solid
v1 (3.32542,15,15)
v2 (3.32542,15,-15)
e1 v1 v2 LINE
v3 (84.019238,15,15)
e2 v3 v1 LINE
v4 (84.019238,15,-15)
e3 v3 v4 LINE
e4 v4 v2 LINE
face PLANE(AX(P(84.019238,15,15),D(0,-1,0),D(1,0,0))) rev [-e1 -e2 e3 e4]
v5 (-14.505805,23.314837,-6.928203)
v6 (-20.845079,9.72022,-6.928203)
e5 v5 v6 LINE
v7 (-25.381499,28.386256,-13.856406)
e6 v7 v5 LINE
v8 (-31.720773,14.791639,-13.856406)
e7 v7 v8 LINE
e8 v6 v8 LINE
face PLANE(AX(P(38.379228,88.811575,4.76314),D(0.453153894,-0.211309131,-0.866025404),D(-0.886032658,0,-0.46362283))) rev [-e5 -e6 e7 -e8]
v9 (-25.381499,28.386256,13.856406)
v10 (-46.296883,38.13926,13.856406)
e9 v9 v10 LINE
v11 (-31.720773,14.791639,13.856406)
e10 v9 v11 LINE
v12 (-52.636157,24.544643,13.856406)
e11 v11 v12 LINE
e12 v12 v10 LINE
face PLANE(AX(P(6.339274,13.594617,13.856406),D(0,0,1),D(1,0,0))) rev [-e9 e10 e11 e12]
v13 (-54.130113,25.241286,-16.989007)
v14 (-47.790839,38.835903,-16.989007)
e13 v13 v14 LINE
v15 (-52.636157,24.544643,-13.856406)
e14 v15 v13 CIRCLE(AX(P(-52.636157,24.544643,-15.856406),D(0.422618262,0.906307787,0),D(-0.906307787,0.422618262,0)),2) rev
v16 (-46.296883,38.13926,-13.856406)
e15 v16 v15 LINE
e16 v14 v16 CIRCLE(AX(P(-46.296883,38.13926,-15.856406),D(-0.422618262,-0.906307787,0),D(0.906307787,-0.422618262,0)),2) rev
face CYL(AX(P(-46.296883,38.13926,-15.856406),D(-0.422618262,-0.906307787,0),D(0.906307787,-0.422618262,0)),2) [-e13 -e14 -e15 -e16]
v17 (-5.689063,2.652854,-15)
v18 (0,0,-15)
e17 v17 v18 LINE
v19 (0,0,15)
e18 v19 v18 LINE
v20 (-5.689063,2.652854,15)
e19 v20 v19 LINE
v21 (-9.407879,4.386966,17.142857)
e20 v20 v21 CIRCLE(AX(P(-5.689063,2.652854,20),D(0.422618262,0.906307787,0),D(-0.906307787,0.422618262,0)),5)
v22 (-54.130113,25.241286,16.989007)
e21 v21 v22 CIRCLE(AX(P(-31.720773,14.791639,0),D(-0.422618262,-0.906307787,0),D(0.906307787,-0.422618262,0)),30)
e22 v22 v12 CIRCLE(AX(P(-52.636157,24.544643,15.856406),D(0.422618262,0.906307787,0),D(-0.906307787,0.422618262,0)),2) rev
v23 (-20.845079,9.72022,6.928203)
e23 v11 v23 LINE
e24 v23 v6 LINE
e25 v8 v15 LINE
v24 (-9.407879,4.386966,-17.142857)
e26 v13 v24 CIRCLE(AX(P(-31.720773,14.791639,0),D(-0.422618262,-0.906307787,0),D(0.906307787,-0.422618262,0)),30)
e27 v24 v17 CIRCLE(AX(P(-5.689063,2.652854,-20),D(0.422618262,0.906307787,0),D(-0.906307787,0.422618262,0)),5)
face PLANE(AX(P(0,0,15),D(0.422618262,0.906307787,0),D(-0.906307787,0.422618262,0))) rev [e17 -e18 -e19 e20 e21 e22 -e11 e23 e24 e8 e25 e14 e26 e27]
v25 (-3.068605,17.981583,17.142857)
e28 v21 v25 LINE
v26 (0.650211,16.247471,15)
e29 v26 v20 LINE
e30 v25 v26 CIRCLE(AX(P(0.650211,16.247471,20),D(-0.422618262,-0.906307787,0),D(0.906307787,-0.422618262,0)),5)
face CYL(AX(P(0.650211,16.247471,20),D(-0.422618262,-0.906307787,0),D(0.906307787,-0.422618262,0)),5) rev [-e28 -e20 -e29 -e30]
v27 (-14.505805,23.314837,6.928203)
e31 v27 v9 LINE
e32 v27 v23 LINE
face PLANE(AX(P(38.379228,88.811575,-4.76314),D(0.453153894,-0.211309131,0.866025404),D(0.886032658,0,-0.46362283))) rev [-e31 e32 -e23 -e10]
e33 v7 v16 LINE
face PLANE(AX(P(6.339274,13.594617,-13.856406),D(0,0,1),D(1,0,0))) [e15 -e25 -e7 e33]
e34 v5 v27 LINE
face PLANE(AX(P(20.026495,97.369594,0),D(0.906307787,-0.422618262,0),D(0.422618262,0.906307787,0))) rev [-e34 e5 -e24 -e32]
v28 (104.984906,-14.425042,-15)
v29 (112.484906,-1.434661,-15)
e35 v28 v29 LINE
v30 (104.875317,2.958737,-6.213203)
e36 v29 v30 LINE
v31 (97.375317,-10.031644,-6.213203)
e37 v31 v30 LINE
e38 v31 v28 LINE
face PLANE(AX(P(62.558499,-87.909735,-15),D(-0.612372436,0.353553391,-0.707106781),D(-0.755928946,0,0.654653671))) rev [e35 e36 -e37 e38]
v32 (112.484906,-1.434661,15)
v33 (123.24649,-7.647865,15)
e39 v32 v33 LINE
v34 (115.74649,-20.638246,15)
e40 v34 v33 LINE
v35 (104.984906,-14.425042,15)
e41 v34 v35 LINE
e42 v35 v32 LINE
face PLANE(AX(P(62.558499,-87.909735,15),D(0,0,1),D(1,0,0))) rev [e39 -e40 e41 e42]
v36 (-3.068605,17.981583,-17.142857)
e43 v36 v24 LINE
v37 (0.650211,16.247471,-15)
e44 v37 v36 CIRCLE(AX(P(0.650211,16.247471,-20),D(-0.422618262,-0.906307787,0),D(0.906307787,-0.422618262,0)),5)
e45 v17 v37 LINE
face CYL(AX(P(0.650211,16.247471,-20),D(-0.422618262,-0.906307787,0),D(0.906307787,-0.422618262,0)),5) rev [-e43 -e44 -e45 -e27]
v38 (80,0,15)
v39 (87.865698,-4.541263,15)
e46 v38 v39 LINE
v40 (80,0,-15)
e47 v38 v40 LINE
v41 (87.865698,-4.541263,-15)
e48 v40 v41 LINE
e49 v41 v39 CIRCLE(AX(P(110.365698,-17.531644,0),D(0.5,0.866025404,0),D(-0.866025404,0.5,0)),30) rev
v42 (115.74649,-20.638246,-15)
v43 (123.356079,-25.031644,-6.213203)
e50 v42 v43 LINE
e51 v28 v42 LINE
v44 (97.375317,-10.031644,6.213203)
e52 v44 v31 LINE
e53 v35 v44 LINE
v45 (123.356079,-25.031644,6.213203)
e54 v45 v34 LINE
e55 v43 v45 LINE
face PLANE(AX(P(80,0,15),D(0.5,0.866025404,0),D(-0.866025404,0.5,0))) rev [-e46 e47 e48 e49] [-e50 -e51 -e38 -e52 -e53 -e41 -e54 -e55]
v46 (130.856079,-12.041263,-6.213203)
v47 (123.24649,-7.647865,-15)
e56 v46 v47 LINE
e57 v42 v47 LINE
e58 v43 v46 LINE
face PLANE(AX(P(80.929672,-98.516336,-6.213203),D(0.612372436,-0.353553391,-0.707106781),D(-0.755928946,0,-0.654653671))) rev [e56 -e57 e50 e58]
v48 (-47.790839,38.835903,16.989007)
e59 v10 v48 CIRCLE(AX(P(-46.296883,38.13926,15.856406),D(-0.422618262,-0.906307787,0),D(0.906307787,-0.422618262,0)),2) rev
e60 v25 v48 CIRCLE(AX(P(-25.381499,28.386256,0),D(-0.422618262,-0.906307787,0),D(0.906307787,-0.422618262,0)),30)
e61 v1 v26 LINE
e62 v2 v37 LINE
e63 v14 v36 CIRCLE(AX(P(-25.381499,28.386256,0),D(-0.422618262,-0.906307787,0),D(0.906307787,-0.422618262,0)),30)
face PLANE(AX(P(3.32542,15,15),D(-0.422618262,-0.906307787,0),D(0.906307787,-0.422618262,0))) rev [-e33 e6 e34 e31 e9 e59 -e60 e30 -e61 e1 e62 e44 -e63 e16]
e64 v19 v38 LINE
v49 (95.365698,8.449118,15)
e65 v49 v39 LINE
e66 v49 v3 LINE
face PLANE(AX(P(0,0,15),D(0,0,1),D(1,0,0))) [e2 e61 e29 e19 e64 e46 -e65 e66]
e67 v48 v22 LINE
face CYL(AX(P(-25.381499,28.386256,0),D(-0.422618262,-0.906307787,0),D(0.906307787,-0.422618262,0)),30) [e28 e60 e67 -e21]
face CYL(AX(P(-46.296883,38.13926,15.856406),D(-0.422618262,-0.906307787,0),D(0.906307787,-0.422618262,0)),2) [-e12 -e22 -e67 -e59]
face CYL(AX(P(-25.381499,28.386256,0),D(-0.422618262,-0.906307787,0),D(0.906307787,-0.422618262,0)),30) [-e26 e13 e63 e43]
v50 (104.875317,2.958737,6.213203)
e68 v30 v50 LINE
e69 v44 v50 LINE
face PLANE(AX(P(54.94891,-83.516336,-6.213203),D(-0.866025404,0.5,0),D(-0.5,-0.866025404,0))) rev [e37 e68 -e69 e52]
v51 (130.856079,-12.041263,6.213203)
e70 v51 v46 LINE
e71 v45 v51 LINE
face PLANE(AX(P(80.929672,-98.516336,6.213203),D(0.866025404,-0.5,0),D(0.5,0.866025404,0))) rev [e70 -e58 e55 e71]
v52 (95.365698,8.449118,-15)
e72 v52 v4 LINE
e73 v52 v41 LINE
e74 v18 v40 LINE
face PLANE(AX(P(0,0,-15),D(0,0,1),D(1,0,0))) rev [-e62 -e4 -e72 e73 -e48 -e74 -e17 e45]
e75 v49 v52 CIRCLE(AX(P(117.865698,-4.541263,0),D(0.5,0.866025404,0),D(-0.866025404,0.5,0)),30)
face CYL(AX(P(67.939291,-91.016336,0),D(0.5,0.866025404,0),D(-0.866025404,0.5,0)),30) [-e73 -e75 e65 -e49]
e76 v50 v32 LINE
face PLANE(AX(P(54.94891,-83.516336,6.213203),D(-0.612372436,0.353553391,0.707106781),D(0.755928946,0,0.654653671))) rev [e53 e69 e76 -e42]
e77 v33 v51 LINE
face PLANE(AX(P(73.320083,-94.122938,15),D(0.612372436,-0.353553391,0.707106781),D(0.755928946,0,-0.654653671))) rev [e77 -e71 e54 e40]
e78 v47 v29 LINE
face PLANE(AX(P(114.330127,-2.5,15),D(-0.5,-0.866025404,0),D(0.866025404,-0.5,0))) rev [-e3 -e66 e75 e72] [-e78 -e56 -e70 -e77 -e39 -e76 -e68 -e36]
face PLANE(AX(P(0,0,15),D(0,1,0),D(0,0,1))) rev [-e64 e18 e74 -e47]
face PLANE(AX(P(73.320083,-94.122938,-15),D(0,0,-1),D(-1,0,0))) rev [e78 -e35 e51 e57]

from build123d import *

# Parameters (mm, degrees)
EXTRUDE_1_DEPTH          = 15
CUT_EXTRUDE_1_DEPTH      = 109.392019307
CUT_EXTRUDE_1_DEPTH_BACK = 109.392019307
SKETCH_3_R               = 30
SKETCH_3_3_R             = 30
EXTRUDE_2_DEPTH          = 15
EXTRUDE_3_DEPTH          = 15
CUT_EXTRUDE_2_DEPTH      = 153.192153917
CUT_EXTRUDE_2_DEPTH_BACK = 153.192153917
FILLET_1_R               = 5
FILLET_2_R               = 2


with BuildPart() as part:
    # 草图1 → 凸台-拉伸1 (new, symmetric)
    with BuildSketch(Plane.XY):
        Polygon((0, 0), (80, 0), (106.830127019, -15.490381057), (114.330127019, -2.5), (84.019237886, 15), (3.32541994, 15), (-25.38149862, 28.386255966), (-31.720772546, 14.791639161), align=None)
    extrude(amount=EXTRUDE_1_DEPTH, both=True)

    # 草图3 → 切除-拉伸1 (cut, two sides: drawn at the far end of the back side and taken through both)
    with BuildSketch(Plane(origin=(27.5, 47.631397208, 0), x_dir=(0.866025403784438, -0.5000000000000012, 0), z_dir=(0.5000000000000012, 0.866025403784438, 0)).offset(-CUT_EXTRUDE_1_DEPTH_BACK)):
        with Locations((104.345320277, 0)):
            Circle(SKETCH_3_R)
        Polygon((119.345320277, -6.213203436), (119.345320277, 6.213203436), (110.558523712, 15), (98.132116841, 15), (89.345320277, 6.213203436), (89.345320277, -6.213203436), (98.132116841, -15), (110.558523712, -15), align=None, mode=Mode.SUBTRACT)
    extrude(amount=CUT_EXTRUDE_1_DEPTH + CUT_EXTRUDE_1_DEPTH_BACK, mode=Mode.SUBTRACT)


with BuildPart() as body_2:
    # of the pieces the cut leaves, the one that is kept (cut_extrude_1_keep)
    add(part.part.solids().sort_by_distance((0, 0, -15))[0])

    # 草图3<3> → 凸台-拉伸2 (add)
    with BuildSketch(Plane(origin=(27.5, 47.631397208, 0), x_dir=(0.866025403784438, -0.5000000000000012, 0), z_dir=(0.5000000000000012, 0.866025403784438, 0))):
        with Locations((104.345320277, 0)):
            Circle(SKETCH_3_3_R)
        Polygon((119.345320277, -6.213203436), (119.345320277, 6.213203436), (110.558523712, 15), (98.132116841, 15), (89.345320277, 6.213203436), (89.345320277, -6.213203436), (98.132116841, -15), (110.558523712, -15), align=None, mode=Mode.SUBTRACT)
    extrude(amount=-EXTRUDE_2_DEPTH)

    # 草图6 → 凸台-拉伸3 (add)
    with BuildSketch(Plane(origin=(0, 0, 0), x_dir=(0.9063077870366528, -0.4226182617406936, 0), z_dir=(-0.4226182617406936, -0.9063077870366528, 0))):
        with BuildLine():
            Line((-61.608269391, 13.856406461), (-35, 13.856406461))
            Line((-35, 13.856406461), (-35, 15))
            Line((-35, 15), (-9.019237886, 15))
            ThreePointArc((-9.019237886, 15), (-35.652221505, 29.99290928), (-61.608269391, 13.856406461))
        make_face()
        with BuildLine():
            Line((-35, 15), (-35, 13.856406461))
            Line((-35, 13.856406461), (-23, 6.92820323))
            Line((-23, 6.92820323), (-23, -6.92820323))
            Line((-23, -6.92820323), (-35, -13.856406461))
            Line((-35, -13.856406461), (-35, -15))
            Line((-35, -15), (-9.019237886, -15))
            ThreePointArc((-9.019237886, -15), (-5, 0), (-9.019237886, 15))
            Line((-9.019237886, 15), (-35, 15))
        make_face()
        with BuildLine():
            Line((-35, -15), (-35, -13.856406461))
            Line((-35, -13.856406461), (-61.608269391, -13.856406461))
            ThreePointArc((-61.608269391, -13.856406461), (-35.652221505, -29.99290928), (-9.019237886, -15))
            Line((-9.019237886, -15), (-35, -15))
        make_face()
    extrude(amount=-EXTRUDE_3_DEPTH)

    # 草图6<4> → 切除-拉伸2 (cut, two sides: drawn at the far end of the back side and taken through both)
    with BuildSketch(Plane(origin=(0, 0, 0), x_dir=(0.9063077870366528, -0.4226182617406936, 0), z_dir=(-0.4226182617406936, -0.9063077870366528, 0)).offset(-CUT_EXTRUDE_2_DEPTH_BACK)):
        Polygon((-23, 6.92820323), (-35, 13.856406461), (-35, -13.856406461), (-23, -6.92820323), align=None)
    extrude(amount=CUT_EXTRUDE_2_DEPTH + CUT_EXTRUDE_2_DEPTH_BACK, mode=Mode.SUBTRACT)

    # 圆角1
    fillet_1_edges = [body_2.edges().sort_by_distance(p)[0] for p in [
        (-5.004568567, 10.609003041, -15),
        (-5.004568567, 10.609003041, 15),
    ]]
    fillet(fillet_1_edges, radius=FILLET_1_R)

    # 圆角2
    fillet_2_edges = [body_2.edges().sort_by_distance(p)[0] for p in [
        (-52.666417332, 32.834088122, -13.856406461),
        (-52.666417332, 32.834088122, 13.856406461),
    ]]
    fillet(fillet_2_edges, radius=FILLET_2_R)


solid = body_2.part
